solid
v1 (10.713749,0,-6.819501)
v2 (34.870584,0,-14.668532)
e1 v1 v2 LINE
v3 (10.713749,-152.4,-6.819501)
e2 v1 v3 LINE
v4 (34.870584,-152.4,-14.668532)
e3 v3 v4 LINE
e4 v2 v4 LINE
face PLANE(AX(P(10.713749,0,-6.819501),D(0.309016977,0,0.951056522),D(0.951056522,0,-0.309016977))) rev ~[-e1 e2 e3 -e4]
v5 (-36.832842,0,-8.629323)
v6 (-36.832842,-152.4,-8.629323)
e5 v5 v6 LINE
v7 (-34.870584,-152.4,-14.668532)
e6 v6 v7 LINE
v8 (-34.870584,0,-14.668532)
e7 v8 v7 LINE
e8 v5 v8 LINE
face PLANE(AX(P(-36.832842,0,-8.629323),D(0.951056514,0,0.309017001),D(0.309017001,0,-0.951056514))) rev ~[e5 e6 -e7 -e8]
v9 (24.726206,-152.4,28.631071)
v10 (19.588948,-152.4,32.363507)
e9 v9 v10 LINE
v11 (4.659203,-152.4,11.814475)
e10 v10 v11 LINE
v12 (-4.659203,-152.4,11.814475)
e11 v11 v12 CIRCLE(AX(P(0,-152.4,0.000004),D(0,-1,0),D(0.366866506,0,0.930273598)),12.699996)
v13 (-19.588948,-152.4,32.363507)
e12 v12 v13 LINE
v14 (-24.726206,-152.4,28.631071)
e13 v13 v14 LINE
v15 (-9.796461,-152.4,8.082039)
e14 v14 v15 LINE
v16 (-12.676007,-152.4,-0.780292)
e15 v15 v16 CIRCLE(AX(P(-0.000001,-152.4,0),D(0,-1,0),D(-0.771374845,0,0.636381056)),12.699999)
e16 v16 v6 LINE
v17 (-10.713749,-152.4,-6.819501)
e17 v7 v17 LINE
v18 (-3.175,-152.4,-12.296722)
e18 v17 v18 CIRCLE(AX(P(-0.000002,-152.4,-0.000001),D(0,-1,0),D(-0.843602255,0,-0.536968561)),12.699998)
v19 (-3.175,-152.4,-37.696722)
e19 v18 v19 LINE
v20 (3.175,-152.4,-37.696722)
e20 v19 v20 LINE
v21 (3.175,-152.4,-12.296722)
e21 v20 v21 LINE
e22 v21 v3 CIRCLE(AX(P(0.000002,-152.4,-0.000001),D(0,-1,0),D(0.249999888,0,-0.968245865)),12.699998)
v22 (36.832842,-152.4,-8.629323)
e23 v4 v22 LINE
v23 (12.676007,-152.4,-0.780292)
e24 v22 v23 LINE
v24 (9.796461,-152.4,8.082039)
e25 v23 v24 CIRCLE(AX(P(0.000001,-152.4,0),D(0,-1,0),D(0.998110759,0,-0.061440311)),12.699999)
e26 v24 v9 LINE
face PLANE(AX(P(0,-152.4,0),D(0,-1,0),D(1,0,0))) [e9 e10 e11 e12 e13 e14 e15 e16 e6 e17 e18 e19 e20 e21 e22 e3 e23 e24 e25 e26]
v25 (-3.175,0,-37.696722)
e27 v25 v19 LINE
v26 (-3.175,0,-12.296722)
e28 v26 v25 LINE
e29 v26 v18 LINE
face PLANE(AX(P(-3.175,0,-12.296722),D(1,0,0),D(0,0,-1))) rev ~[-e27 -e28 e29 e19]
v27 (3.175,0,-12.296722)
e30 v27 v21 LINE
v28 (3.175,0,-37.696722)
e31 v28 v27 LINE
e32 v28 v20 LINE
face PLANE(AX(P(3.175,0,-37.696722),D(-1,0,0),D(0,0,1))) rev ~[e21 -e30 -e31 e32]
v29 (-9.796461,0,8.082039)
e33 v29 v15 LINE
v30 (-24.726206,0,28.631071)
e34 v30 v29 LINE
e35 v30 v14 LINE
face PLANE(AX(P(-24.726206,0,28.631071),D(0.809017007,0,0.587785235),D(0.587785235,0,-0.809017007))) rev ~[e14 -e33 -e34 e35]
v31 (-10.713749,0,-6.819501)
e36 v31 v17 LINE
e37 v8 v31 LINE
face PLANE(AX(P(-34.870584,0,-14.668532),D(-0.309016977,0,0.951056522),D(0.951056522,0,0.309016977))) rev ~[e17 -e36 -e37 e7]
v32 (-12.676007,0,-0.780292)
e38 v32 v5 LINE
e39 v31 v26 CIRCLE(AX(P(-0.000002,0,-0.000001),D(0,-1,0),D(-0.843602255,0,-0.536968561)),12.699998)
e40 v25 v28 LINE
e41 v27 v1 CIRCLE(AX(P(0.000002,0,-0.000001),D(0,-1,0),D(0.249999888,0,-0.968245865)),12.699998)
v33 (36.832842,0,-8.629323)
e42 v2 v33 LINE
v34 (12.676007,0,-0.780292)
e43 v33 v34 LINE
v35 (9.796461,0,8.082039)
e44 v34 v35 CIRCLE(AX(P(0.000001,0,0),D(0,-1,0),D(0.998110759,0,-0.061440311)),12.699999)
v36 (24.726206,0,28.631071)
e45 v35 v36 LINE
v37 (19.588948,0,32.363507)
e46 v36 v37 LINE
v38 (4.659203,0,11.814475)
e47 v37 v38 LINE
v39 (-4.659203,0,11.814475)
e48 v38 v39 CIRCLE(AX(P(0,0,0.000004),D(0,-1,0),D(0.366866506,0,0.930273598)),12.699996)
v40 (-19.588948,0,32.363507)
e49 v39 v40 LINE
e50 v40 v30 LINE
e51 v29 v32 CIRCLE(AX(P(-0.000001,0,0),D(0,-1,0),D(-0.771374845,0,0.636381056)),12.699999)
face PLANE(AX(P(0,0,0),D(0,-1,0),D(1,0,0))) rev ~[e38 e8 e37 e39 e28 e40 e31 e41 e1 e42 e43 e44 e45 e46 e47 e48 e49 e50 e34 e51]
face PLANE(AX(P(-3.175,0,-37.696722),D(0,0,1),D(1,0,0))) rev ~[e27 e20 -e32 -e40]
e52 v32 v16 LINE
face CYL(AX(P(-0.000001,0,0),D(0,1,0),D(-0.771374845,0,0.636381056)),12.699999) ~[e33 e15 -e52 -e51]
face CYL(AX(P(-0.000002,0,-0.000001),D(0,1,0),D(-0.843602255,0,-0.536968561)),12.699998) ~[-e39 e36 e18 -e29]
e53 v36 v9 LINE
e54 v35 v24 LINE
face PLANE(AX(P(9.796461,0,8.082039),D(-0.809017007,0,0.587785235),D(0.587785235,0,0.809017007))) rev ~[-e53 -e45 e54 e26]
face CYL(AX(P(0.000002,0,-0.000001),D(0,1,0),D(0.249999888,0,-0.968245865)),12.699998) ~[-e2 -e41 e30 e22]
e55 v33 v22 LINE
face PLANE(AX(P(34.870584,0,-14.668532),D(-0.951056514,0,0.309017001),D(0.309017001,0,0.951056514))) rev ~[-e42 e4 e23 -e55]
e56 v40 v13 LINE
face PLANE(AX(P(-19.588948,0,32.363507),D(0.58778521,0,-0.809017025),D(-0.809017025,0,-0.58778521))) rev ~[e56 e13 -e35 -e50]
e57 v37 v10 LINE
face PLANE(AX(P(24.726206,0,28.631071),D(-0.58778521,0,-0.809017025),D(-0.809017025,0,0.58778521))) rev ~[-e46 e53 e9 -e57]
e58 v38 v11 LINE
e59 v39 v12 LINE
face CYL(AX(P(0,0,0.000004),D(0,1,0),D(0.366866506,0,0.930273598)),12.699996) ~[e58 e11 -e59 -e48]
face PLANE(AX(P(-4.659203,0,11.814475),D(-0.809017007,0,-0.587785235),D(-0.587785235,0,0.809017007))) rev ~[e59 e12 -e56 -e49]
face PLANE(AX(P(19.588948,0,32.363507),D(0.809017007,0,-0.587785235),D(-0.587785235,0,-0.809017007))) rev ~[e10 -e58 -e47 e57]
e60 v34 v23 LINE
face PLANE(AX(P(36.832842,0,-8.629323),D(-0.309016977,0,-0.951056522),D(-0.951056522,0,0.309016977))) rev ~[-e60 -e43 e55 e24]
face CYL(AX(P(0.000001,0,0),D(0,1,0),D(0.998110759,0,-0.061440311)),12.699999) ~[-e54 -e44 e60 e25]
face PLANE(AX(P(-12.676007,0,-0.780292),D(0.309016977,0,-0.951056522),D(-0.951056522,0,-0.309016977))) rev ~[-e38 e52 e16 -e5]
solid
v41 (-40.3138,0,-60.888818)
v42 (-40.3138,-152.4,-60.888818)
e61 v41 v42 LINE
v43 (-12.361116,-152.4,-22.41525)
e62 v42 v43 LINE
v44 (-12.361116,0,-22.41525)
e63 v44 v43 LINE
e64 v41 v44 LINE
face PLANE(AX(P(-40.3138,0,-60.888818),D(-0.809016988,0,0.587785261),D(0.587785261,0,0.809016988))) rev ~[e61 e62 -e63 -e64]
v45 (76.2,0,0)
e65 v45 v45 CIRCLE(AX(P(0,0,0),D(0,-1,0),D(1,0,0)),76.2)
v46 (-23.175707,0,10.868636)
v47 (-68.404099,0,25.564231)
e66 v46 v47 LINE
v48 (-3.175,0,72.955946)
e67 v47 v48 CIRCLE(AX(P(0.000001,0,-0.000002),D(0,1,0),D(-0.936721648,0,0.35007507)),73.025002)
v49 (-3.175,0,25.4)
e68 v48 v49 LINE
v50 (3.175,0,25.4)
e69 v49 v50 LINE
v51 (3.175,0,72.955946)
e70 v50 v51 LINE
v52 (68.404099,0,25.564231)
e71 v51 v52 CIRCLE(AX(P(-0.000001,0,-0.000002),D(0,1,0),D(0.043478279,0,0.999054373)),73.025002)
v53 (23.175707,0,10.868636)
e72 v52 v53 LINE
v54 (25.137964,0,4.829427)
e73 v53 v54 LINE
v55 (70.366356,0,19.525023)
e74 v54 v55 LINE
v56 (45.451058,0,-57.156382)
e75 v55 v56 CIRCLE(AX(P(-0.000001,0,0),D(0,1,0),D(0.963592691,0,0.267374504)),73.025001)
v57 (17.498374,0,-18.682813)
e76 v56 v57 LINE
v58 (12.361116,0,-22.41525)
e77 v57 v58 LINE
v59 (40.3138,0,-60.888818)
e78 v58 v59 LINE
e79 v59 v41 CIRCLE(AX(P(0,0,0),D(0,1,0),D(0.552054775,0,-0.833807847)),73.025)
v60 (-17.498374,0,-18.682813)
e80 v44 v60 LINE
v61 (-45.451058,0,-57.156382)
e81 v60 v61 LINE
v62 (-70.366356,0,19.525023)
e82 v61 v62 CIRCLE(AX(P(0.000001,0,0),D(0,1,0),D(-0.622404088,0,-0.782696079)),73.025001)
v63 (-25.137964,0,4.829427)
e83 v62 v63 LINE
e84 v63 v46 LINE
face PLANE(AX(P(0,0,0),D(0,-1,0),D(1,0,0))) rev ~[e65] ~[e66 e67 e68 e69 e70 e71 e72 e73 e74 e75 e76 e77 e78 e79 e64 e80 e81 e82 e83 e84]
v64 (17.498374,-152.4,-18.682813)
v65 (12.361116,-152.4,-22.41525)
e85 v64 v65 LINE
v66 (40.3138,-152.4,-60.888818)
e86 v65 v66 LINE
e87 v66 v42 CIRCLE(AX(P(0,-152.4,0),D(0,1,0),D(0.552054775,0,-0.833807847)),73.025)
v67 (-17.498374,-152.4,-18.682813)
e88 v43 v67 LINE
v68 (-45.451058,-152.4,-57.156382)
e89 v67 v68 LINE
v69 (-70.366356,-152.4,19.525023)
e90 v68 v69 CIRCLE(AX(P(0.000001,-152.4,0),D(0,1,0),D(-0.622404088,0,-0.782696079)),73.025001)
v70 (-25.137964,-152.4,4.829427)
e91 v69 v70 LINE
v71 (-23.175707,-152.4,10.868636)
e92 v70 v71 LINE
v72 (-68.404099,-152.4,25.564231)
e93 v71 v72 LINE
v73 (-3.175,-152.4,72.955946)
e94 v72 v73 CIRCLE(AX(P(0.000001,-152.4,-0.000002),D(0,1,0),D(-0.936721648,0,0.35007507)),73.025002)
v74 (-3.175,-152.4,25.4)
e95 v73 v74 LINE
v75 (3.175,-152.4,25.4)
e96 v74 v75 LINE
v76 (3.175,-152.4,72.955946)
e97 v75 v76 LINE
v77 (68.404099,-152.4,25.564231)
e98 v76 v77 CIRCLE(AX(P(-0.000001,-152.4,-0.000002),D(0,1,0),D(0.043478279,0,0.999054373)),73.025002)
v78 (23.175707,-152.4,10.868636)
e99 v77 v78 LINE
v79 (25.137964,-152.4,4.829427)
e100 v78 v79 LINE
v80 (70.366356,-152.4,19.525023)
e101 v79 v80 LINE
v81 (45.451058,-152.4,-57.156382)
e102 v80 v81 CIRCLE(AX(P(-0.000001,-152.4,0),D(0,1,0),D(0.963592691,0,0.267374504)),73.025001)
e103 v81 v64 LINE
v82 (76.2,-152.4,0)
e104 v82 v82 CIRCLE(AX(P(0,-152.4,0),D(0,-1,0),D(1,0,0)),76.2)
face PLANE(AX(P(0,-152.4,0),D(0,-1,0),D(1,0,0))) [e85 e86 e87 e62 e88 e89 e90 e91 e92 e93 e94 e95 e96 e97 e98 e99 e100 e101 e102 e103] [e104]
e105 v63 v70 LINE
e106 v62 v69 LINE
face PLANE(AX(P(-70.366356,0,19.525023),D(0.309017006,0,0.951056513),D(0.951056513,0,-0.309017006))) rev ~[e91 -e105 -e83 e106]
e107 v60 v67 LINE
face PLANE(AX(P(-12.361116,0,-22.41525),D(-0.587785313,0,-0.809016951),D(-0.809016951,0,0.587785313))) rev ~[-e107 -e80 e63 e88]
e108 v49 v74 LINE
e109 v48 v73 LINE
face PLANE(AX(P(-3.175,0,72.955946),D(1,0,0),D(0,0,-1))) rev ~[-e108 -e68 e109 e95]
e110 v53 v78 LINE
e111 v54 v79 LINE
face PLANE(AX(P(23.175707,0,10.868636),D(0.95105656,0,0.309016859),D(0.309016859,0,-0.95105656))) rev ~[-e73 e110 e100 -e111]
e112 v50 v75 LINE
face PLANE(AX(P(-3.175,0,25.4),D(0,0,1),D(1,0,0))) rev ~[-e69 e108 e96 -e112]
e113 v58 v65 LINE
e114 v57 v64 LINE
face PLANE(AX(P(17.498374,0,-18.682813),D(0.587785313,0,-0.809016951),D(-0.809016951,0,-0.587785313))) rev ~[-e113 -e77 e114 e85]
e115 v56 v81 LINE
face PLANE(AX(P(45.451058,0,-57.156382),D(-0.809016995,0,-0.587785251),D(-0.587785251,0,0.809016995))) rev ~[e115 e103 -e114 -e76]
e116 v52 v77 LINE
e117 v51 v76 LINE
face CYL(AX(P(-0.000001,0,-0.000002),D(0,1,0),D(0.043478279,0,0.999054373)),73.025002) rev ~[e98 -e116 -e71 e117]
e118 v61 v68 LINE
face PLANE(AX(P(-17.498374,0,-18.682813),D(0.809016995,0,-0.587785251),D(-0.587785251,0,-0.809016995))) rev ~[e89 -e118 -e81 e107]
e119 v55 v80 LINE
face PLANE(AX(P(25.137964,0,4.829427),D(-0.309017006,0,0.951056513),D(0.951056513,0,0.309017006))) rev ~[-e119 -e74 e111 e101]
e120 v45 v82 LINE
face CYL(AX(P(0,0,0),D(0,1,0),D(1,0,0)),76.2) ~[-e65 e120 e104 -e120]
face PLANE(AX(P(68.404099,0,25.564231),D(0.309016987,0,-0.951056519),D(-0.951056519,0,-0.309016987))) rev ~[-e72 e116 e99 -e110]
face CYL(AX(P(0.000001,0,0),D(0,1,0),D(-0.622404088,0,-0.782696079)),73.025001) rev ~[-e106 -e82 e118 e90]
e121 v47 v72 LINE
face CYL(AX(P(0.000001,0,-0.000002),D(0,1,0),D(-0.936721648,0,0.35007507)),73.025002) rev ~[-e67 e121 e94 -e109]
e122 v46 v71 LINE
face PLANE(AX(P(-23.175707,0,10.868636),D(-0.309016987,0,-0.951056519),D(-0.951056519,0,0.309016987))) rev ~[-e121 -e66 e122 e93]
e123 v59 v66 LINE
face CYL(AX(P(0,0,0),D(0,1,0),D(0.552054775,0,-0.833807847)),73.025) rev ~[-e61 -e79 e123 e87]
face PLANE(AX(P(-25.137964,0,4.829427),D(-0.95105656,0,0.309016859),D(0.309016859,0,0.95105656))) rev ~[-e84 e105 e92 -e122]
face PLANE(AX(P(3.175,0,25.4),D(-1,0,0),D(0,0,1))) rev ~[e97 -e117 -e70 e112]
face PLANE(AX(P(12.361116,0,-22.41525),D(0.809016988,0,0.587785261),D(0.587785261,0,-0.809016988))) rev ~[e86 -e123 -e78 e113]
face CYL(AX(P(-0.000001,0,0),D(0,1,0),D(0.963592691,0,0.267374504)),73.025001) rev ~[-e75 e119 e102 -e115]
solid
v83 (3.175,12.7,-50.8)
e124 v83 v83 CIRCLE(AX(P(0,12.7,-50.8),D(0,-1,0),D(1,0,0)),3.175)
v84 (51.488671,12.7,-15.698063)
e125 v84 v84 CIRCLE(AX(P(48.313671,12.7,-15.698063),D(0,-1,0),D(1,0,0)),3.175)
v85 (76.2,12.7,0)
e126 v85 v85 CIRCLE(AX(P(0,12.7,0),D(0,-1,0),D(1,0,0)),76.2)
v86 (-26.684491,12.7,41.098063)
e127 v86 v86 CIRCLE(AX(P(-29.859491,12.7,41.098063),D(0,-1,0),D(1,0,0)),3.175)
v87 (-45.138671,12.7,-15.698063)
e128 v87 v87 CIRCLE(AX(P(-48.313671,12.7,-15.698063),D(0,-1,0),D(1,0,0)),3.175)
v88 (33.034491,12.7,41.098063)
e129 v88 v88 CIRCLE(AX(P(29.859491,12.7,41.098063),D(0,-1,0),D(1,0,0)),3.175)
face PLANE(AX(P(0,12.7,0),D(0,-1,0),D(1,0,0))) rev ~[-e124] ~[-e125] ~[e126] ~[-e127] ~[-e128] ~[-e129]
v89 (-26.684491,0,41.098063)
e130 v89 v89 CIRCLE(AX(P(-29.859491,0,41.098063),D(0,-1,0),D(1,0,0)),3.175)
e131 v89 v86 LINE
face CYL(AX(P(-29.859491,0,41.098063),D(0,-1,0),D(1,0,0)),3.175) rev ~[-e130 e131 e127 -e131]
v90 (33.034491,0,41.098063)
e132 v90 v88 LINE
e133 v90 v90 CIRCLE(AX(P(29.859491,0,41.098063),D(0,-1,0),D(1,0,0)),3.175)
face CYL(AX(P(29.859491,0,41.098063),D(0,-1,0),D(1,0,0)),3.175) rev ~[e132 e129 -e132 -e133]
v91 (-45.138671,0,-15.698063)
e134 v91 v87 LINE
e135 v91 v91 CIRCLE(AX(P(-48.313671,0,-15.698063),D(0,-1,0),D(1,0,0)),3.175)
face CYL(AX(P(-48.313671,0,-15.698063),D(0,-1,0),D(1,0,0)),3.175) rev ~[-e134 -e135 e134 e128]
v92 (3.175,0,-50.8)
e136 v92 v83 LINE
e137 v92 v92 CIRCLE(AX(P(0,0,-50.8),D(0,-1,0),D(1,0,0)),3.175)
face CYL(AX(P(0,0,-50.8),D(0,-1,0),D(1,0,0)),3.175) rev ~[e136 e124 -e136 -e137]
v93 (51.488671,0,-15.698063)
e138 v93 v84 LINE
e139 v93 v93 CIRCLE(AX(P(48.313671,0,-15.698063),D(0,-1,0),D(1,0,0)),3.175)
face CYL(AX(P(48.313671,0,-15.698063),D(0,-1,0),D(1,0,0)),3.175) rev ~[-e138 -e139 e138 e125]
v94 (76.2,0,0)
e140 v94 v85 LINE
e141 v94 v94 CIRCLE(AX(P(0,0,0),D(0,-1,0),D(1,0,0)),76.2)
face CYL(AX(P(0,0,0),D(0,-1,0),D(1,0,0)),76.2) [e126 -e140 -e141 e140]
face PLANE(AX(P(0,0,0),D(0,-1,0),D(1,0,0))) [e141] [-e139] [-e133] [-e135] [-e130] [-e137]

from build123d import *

# Parameters (mm, degrees)
F0_R     = 76.2
F1_DEPTH = 152.4
F2_DEPTH = 152.4
F3_R     = 76.2
F3_R_2   = 3.175
F4_DEPTH = 12.7


with BuildPart() as f1:
    # F0 (on Front) → F1 (new body)
    with BuildSketch(Plane.XZ):
        Circle(F0_R)
        with BuildLine():
            ThreePointArc((40.3138, -60.888818), (0, -73.025), (-40.3138, -60.888818))
            Line((-40.3138, -60.888818), (-12.361116, -22.41525))
            Line((-12.361116, -22.41525), (-17.498374, -18.682813))
            Line((-17.498374, -18.682813), (-45.451058, -57.156382))
            ThreePointArc((-45.451058, -57.156382), (-69.450902, -22.565966), (-70.366356, 19.525023))
            Line((-70.366356, 19.525023), (-25.137964, 4.829427))
            Line((-25.137964, 4.829427), (-23.175707, 10.868636))
            Line((-23.175707, 10.868636), (-68.404099, 25.564231))
            ThreePointArc((-68.404099, 25.564231), (-42.923018, 59.078466), (-3.175, 72.955946))
            Line((-3.175, 72.955946), (-3.175, 25.4))
            Line((-3.175, 25.4), (3.175, 25.4))
            Line((3.175, 25.4), (3.175, 72.955946))
            ThreePointArc((3.175, 72.955946), (42.923018, 59.078466), (68.404099, 25.564231))
            Line((68.404099, 25.564231), (23.175707, 10.868636))
            Line((23.175707, 10.868636), (25.137964, 4.829427))
            Line((25.137964, 4.829427), (70.366356, 19.525023))
            ThreePointArc((70.366356, 19.525023), (69.450902, -22.565966), (45.451058, -57.156382))
            Line((45.451058, -57.156382), (17.498374, -18.682813))
            Line((17.498374, -18.682813), (12.361116, -22.41525))
            Line((12.361116, -22.41525), (40.3138, -60.888818))
        make_face(mode=Mode.SUBTRACT)
    extrude(amount=F1_DEPTH)


with BuildPart() as f2:
    # F0 (on Front) → F2 (new body)
    with BuildSketch(Plane.XZ):
        with BuildLine():
            Line((-34.870584, -14.668532), (-10.713749, -6.819501))
            ThreePointArc((-10.713749, -6.819501), (-7.464873, -10.274516), (-3.175, -12.296722))
            Line((-3.175, -12.296722), (-3.175, -37.696722))
            Line((-3.175, -37.696722), (3.175, -37.696722))
            Line((3.175, -37.696722), (3.175, -12.296722))
            ThreePointArc((3.175, -12.296722), (7.464873, -10.274516), (10.713749, -6.819501))
            Line((10.713749, -6.819501), (34.870584, -14.668532))
            Line((34.870584, -14.668532), (36.832842, -8.629323))
            Line((36.832842, -8.629323), (12.676007, -0.780292))
            ThreePointArc((12.676007, -0.780292), (12.078418, 3.924516), (9.796461, 8.082039))
            Line((9.796461, 8.082039), (24.726206, 28.631071))
            Line((24.726206, 28.631071), (19.588948, 32.363507))
            Line((19.588948, 32.363507), (4.659203, 11.814475))
            ThreePointArc((4.659203, 11.814475), (0, 12.7), (-4.659203, 11.814475))
            Line((-4.659203, 11.814475), (-19.588948, 32.363507))
            Line((-19.588948, 32.363507), (-24.726206, 28.631071))
            Line((-24.726206, 28.631071), (-9.796461, 8.082039))
            ThreePointArc((-9.796461, 8.082039), (-12.078418, 3.924516), (-12.676007, -0.780292))
            Line((-12.676007, -0.780292), (-36.832842, -8.629323))
            Line((-36.832842, -8.629323), (-34.870584, -14.668532))
        make_face()
    extrude(amount=F2_DEPTH)


with BuildPart() as f4:
    # F3 (on face) → F4 (new body)
    with BuildSketch(Plane.XZ):
        Circle(F3_R)
        with Locations((-48.313671, -15.698063)):
            Circle(F3_R_2, mode=Mode.SUBTRACT)
        with Locations((0, -50.8)):
            Circle(F3_R_2, mode=Mode.SUBTRACT)
        with Locations((48.313671, -15.698063)):
            Circle(F3_R_2, mode=Mode.SUBTRACT)
        with Locations((-29.859491, 41.098063)):
            Circle(F3_R_2, mode=Mode.SUBTRACT)
        with Locations((29.859491, 41.098063)):
            Circle(F3_R_2, mode=Mode.SUBTRACT)
    extrude(amount=-F4_DEPTH)


solid = Compound([f1.part, f2.part, f4.part])
